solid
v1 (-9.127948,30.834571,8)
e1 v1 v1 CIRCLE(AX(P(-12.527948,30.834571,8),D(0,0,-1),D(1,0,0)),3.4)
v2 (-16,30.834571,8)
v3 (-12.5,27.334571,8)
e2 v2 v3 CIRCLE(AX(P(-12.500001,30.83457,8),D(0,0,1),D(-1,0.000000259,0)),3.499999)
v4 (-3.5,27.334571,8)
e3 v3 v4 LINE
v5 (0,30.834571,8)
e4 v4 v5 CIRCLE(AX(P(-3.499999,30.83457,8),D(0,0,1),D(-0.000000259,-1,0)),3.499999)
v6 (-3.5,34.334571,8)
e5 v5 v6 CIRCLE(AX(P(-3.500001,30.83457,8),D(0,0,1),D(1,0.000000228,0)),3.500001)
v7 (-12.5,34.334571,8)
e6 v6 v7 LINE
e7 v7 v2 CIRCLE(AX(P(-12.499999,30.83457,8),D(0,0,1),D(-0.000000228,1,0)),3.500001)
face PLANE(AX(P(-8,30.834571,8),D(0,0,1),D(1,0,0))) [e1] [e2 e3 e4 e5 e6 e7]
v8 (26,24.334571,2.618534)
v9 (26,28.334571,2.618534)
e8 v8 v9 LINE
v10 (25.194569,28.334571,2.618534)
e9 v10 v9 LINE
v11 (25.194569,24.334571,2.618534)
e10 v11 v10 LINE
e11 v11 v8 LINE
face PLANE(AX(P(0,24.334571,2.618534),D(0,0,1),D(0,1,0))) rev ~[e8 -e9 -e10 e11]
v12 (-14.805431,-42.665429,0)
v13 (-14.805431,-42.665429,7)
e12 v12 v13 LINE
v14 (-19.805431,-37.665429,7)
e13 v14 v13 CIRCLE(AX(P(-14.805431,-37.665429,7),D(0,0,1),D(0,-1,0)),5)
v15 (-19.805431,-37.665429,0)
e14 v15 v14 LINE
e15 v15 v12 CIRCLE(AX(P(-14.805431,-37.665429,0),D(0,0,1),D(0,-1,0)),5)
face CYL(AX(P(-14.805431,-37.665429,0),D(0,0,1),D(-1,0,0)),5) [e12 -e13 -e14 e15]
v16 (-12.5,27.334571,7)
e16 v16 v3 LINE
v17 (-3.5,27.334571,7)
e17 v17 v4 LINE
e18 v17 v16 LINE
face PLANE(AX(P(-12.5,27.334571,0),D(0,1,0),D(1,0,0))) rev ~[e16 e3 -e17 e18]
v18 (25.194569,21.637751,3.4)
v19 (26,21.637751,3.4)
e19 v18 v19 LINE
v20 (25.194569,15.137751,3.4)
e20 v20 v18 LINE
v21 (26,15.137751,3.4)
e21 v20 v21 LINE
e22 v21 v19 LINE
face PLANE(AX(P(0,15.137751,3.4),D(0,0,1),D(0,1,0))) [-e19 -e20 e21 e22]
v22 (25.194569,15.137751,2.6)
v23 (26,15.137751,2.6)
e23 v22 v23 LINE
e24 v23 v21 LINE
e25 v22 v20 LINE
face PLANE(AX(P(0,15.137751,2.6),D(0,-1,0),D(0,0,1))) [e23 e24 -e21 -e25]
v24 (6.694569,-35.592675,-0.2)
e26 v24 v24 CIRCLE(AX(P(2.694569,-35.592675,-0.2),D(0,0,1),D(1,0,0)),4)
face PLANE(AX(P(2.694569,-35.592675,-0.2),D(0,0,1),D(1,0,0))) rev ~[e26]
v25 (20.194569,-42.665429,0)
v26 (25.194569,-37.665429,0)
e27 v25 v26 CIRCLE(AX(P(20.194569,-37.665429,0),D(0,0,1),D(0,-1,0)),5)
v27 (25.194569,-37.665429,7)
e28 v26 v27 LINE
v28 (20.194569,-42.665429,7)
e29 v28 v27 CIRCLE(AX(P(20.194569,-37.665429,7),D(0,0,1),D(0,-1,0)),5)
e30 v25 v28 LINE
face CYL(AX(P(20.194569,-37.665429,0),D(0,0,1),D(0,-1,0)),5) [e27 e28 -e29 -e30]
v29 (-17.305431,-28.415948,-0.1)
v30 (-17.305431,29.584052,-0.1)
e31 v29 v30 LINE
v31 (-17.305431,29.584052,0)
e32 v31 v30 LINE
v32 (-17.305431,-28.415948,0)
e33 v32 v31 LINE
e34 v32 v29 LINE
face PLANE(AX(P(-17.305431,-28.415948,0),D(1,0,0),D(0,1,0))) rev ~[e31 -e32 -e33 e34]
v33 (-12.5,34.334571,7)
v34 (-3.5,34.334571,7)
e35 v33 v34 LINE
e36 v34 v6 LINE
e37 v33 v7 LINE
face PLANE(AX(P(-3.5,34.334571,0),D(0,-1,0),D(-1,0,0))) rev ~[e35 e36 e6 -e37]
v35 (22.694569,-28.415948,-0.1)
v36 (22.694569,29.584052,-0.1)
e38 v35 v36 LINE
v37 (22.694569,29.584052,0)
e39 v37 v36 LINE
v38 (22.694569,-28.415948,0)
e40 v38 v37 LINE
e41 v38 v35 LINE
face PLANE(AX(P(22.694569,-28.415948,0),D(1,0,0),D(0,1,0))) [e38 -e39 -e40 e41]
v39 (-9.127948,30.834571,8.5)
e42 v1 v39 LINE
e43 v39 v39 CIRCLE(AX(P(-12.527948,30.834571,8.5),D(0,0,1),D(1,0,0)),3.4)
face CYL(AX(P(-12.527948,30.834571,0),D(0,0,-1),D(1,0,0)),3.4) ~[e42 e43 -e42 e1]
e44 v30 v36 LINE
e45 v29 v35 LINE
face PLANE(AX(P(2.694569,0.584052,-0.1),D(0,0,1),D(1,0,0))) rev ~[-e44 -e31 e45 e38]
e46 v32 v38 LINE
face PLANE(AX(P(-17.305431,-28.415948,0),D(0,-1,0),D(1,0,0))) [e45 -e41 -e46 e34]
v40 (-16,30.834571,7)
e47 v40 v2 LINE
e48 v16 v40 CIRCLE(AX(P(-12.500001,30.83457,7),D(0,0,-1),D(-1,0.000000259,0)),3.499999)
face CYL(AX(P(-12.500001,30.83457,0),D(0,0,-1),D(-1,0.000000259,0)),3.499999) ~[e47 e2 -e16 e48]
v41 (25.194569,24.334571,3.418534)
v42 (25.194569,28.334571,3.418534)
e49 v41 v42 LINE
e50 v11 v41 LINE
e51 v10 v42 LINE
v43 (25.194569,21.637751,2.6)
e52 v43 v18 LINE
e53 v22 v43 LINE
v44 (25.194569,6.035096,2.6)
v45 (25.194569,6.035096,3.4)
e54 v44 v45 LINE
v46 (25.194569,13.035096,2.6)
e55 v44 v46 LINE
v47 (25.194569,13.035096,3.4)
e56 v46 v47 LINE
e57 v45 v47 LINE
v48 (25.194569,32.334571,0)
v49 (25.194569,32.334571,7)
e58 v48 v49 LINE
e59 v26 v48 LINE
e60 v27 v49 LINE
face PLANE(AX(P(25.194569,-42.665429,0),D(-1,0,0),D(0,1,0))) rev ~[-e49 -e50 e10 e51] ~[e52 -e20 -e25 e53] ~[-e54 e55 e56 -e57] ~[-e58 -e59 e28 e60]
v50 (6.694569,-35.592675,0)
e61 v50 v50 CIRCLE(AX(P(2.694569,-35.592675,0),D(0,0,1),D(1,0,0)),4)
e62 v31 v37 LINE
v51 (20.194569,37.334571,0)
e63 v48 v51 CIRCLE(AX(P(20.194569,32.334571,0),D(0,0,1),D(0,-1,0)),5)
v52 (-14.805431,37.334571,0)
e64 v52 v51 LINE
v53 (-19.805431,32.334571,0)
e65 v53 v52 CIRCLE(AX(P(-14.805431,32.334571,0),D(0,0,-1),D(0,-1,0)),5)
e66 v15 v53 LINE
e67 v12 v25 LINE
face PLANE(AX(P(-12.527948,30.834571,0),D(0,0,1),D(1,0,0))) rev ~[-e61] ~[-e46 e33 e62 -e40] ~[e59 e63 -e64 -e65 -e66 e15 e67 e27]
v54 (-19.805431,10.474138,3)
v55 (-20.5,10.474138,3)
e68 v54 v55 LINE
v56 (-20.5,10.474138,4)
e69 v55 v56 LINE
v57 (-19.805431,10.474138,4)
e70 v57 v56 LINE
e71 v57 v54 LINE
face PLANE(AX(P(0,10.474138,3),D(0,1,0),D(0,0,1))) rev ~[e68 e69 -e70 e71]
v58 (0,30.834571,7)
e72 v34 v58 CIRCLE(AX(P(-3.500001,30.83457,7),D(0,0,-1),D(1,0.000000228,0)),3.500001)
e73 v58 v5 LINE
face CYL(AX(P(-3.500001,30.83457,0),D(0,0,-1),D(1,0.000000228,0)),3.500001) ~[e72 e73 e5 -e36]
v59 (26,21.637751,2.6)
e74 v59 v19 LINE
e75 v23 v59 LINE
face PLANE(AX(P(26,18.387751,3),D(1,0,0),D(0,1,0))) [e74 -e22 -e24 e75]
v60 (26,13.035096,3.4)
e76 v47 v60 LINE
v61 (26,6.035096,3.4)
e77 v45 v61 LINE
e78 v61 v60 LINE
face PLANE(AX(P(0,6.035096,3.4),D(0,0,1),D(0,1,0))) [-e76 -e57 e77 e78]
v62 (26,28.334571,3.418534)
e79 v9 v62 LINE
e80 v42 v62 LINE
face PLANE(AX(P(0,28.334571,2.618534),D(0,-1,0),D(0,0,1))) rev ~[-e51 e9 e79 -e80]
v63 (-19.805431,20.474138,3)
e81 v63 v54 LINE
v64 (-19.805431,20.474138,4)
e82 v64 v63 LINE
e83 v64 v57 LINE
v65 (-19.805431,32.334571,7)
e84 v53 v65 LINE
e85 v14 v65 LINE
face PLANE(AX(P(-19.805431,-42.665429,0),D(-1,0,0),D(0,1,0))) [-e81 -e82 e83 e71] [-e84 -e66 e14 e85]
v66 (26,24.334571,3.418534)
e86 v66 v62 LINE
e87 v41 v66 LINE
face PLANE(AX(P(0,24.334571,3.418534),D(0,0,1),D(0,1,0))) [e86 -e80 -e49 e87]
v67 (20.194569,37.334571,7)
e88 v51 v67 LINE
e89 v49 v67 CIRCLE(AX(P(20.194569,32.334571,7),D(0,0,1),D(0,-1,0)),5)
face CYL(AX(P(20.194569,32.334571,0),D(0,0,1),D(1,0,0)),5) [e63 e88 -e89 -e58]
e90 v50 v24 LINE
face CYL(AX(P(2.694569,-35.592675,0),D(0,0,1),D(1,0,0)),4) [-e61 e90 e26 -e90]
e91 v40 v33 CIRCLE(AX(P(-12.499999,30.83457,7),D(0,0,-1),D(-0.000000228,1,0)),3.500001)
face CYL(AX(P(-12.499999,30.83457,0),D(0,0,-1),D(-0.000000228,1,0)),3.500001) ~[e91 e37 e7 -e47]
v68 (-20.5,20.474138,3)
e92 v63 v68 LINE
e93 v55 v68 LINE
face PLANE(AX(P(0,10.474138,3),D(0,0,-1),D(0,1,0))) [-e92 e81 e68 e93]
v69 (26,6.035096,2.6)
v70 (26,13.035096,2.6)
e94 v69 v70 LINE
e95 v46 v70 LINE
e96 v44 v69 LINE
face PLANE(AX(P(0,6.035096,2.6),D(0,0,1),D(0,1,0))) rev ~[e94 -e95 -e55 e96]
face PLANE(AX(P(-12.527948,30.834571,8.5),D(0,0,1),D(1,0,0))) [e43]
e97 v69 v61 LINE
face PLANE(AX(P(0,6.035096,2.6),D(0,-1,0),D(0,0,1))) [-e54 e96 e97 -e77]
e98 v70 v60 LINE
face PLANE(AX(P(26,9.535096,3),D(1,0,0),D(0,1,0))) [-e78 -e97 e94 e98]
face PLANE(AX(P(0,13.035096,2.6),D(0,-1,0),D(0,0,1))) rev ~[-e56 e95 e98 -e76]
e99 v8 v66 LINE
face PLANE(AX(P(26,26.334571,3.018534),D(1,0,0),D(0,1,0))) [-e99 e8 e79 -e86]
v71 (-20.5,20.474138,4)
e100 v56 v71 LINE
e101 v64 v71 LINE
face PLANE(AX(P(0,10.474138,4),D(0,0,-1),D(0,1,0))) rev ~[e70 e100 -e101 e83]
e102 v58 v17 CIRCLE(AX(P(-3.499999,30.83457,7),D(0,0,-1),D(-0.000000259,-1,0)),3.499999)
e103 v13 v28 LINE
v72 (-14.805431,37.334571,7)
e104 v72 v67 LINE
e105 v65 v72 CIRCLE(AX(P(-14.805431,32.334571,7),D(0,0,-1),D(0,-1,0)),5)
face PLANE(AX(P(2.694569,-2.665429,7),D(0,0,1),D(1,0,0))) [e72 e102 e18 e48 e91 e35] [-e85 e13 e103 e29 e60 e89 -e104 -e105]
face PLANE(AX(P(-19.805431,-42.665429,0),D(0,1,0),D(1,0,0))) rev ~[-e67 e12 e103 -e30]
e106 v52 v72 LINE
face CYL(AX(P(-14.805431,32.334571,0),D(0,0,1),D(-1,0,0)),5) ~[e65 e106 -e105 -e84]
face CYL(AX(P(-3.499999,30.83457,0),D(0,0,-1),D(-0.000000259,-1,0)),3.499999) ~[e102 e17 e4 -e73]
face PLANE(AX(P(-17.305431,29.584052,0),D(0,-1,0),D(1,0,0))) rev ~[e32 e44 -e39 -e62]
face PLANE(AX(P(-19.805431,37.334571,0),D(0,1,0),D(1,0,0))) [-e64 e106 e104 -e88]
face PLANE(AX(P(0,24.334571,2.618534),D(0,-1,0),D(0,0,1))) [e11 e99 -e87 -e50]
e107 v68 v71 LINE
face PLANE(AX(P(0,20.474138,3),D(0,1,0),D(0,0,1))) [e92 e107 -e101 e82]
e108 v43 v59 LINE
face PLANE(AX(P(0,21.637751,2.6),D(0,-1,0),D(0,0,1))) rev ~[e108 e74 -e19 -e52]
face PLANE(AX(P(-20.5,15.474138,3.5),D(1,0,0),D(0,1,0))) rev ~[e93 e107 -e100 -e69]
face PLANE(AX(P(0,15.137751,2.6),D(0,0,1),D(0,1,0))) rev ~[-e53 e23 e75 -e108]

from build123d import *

# Parameters (mm, degrees)
F0_W      = 45
F0_H      = 80
F1_DEPTH  = 7
F2_R      = 5
F4_DEPTH  = 8
F5_R      = 3.4
F6_DEPTH  = 8.5
F7_W      = 4
F7_H      = 0.8
F8_DEPTH  = 26
F9_W      = 6.5
F9_H      = 0.8
F10_DEPTH = 26
F11_W     = 7
F11_H     = 0.8
F12_DEPTH = 26
F13_W     = 10
F13_H     = 1
F14_DEPTH = 20.5
F15_R     = 4
F16_DEPTH = 0.2
F17_W     = 40
F17_H     = 58
F18_DEPTH = 0.1


with BuildPart() as f1:
    # F0 (on Top) → F1 (new body)
    with BuildSketch(Plane.XY):
        with Locations((2.694569, -2.665429)):
            Rectangle(F0_W, F0_H)
    extrude(amount=F1_DEPTH)

    # F2
    f2_edges = [f1.edges().sort_by_distance(p)[0] for p in [
        (-19.805431, 37.334571, 3.5),
        (25.194569, 37.334571, 3.5),
        (-19.805431, -42.665429, 3.5),
        (25.194569, -42.665429, 3.5),
    ]]
    fillet(f2_edges, radius=F2_R)

    # F3 (on Top) → F4 (join)
    with BuildSketch(Plane.XY):
        with BuildLine():
            Line((-3.5, 34.334571), (-12.5, 34.334571))
            ThreePointArc((-12.5, 34.334571), (-14.974874, 33.309444), (-16, 30.834571))
            ThreePointArc((-16, 30.834571), (-14.974874, 28.359697), (-12.5, 27.334571))
            Line((-12.5, 27.334571), (-3.5, 27.334571))
            ThreePointArc((-3.5, 27.334571), (-1.025126, 28.359697), (0, 30.834571))
            ThreePointArc((0, 30.834571), (-1.025126, 33.309444), (-3.5, 34.334571))
        make_face()
    extrude(amount=F4_DEPTH)

    # F5 (on Top) → F6 (join)
    with BuildSketch(Plane.XY):
        with Locations((-12.527948, 30.834571)):
            Circle(F5_R)
    extrude(amount=F6_DEPTH)

    # F7 (on Right) → F8 (join)
    with BuildSketch(Plane.YZ):
        with Locations((26.334571, 3.018534)):
            Rectangle(F7_W, F7_H)
    extrude(amount=F8_DEPTH)

    # F9 (on Right) → F10 (join)
    with BuildSketch(Plane.YZ):
        with Locations((18.387751, 3)):
            Rectangle(F9_W, F9_H)
    extrude(amount=F10_DEPTH)

    # F11 (on Right) → F12 (join)
    with BuildSketch(Plane.YZ):
        with Locations((9.535096, 3)):
            Rectangle(F11_W, F11_H)
    extrude(amount=F12_DEPTH)

    # F13 (on Right) → F14 (join)
    with BuildSketch(Plane.YZ):
        with Locations((15.474138, 3.5)):
            Rectangle(F13_W, F13_H)
    extrude(amount=-F14_DEPTH)

    # F15 (on Top) → F16 (join)
    with BuildSketch(Plane.XY):
        with Locations((2.694569, -35.592675)):
            Circle(F15_R)
    extrude(amount=-F16_DEPTH)

    # F17 (on Top) → F18 (join)
    with BuildSketch(Plane.XY):
        with Locations((2.694569, 0.584052)):
            Rectangle(F17_W, F17_H)
    extrude(amount=-F18_DEPTH)


solid = f1.part
